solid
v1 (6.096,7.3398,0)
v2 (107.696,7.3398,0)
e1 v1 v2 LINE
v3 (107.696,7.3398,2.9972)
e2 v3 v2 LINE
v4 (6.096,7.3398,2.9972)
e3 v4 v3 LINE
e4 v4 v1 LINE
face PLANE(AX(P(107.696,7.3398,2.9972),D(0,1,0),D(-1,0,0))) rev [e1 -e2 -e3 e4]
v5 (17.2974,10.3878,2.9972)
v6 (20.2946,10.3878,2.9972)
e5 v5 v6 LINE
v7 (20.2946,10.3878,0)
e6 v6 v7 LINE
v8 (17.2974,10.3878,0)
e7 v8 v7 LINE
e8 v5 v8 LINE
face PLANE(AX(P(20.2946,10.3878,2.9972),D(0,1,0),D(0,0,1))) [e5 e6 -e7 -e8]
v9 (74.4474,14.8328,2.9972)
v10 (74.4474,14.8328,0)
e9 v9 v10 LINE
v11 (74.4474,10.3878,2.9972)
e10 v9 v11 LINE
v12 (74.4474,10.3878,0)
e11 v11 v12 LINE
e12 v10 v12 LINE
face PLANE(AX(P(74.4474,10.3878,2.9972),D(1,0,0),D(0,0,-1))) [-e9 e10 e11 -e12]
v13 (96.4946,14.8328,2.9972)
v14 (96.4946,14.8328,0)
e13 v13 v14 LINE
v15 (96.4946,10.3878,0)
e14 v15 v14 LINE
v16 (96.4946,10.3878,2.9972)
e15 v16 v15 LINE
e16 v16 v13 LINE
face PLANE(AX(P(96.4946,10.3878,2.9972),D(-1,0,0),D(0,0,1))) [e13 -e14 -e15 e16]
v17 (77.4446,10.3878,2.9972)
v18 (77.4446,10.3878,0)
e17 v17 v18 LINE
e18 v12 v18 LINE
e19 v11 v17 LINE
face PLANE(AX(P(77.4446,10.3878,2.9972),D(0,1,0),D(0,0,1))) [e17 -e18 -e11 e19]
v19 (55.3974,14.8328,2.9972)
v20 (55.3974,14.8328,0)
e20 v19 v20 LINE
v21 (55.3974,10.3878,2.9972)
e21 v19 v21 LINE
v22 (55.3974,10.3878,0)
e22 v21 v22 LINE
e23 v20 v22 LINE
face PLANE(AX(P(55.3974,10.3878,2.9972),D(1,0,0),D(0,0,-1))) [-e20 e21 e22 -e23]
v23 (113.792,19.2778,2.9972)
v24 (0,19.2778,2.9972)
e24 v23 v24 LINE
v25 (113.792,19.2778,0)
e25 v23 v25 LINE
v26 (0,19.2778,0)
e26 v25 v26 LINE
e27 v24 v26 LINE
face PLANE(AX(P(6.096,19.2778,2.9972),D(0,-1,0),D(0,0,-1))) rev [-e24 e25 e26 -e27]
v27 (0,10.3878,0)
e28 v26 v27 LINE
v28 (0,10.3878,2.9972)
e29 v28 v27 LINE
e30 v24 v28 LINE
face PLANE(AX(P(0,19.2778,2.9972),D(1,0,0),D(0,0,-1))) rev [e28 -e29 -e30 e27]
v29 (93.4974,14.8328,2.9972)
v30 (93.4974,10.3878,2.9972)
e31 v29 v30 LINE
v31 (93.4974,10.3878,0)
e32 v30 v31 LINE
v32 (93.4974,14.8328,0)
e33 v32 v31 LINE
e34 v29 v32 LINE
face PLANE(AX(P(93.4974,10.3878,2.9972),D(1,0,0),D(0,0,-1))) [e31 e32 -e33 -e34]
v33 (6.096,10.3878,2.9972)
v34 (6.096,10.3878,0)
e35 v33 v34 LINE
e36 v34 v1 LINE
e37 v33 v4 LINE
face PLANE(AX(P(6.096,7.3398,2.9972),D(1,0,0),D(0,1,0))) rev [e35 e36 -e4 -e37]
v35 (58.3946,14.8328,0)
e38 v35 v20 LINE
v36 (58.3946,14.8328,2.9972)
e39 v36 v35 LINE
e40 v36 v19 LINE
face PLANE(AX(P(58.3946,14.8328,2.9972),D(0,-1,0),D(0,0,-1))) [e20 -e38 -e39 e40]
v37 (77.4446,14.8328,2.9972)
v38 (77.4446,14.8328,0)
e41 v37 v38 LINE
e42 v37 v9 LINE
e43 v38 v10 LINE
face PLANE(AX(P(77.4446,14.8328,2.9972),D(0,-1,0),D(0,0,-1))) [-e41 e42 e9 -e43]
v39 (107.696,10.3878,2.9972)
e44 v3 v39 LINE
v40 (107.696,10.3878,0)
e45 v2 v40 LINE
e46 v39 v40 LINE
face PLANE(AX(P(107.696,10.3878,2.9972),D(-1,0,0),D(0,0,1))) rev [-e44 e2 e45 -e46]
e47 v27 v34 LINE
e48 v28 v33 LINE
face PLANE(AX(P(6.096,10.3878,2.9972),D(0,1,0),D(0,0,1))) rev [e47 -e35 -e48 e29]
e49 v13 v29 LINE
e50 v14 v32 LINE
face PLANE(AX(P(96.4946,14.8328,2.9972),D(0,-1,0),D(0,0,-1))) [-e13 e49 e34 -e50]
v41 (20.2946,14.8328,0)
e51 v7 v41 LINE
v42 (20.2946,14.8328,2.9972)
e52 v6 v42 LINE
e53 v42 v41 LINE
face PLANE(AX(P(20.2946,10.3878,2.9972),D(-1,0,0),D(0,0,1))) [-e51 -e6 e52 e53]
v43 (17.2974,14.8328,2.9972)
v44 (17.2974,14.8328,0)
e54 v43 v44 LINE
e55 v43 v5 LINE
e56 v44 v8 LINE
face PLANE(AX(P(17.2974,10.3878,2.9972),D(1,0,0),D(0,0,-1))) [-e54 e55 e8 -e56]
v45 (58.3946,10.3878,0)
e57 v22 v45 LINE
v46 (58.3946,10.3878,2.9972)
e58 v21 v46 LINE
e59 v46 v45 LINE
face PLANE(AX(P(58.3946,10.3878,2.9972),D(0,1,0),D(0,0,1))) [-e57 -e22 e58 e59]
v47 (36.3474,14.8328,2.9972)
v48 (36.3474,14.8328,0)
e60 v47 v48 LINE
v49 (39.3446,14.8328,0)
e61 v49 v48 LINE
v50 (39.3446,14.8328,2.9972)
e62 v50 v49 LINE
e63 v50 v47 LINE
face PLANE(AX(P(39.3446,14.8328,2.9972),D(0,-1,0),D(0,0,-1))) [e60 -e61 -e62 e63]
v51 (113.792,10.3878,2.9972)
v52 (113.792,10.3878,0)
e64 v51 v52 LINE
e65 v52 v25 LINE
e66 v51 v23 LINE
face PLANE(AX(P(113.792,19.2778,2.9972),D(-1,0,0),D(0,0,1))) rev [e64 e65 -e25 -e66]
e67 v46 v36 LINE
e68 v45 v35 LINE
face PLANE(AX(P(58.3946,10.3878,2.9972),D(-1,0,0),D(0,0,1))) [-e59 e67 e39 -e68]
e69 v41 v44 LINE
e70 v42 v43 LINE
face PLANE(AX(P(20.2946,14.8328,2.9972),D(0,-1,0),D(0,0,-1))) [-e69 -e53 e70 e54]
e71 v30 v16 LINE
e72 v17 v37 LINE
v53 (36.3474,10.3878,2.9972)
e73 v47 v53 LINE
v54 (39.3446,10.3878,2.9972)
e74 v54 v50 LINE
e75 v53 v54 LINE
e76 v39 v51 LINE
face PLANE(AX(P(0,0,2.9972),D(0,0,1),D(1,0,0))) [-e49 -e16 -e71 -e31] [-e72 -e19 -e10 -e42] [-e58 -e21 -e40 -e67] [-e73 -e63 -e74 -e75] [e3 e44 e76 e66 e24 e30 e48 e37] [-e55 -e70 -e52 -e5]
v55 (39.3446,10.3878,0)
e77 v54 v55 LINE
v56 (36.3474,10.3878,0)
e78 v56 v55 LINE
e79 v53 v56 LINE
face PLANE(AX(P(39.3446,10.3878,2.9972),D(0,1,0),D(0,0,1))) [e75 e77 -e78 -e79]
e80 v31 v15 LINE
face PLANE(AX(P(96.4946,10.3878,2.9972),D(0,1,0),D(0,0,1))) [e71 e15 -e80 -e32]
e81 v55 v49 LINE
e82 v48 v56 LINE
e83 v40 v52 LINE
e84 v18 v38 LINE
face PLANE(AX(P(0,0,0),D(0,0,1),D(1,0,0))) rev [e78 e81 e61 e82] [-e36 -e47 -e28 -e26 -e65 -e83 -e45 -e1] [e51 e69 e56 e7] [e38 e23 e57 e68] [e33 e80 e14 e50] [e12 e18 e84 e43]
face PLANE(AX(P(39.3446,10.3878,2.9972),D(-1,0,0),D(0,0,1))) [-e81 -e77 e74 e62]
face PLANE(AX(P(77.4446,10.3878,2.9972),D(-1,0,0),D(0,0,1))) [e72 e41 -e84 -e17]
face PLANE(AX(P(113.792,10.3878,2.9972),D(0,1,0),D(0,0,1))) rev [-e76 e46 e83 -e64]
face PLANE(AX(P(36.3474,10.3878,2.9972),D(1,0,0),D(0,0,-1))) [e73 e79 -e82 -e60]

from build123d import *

# Parameters (mm, degrees)
SKETCH1_W           = 2.9972
SKETCH1_H           = 4.445
BOSS_EXTRUDE1_DEPTH = 2.9972


with BuildPart() as part:
    # Sketch1 → Boss-Extrude1 (new body)
    with BuildSketch(Plane.XY):
        Polygon((0, 19.2778), (0, 10.3878), (6.096, 10.3878), (6.096, 7.3398), (107.696, 7.3398), (107.696, 10.3878), (113.792, 10.3878), (113.792, 19.2778), (107.696, 19.2778), (6.096, 19.2778), align=None)
        with Locations((18.796, 12.6103)):
            Rectangle(SKETCH1_W, SKETCH1_H, mode=Mode.SUBTRACT)
        with Locations((37.846, 12.6103)):
            Rectangle(SKETCH1_W, SKETCH1_H, mode=Mode.SUBTRACT)
        with Locations((56.896, 12.6103)):
            Rectangle(SKETCH1_W, SKETCH1_H, mode=Mode.SUBTRACT)
        with Locations((75.946, 12.6103)):
            Rectangle(SKETCH1_W, SKETCH1_H, mode=Mode.SUBTRACT)
        with Locations((94.996, 12.6103)):
            Rectangle(SKETCH1_W, SKETCH1_H, mode=Mode.SUBTRACT)
    extrude(amount=BOSS_EXTRUDE1_DEPTH)


solid = part.part
